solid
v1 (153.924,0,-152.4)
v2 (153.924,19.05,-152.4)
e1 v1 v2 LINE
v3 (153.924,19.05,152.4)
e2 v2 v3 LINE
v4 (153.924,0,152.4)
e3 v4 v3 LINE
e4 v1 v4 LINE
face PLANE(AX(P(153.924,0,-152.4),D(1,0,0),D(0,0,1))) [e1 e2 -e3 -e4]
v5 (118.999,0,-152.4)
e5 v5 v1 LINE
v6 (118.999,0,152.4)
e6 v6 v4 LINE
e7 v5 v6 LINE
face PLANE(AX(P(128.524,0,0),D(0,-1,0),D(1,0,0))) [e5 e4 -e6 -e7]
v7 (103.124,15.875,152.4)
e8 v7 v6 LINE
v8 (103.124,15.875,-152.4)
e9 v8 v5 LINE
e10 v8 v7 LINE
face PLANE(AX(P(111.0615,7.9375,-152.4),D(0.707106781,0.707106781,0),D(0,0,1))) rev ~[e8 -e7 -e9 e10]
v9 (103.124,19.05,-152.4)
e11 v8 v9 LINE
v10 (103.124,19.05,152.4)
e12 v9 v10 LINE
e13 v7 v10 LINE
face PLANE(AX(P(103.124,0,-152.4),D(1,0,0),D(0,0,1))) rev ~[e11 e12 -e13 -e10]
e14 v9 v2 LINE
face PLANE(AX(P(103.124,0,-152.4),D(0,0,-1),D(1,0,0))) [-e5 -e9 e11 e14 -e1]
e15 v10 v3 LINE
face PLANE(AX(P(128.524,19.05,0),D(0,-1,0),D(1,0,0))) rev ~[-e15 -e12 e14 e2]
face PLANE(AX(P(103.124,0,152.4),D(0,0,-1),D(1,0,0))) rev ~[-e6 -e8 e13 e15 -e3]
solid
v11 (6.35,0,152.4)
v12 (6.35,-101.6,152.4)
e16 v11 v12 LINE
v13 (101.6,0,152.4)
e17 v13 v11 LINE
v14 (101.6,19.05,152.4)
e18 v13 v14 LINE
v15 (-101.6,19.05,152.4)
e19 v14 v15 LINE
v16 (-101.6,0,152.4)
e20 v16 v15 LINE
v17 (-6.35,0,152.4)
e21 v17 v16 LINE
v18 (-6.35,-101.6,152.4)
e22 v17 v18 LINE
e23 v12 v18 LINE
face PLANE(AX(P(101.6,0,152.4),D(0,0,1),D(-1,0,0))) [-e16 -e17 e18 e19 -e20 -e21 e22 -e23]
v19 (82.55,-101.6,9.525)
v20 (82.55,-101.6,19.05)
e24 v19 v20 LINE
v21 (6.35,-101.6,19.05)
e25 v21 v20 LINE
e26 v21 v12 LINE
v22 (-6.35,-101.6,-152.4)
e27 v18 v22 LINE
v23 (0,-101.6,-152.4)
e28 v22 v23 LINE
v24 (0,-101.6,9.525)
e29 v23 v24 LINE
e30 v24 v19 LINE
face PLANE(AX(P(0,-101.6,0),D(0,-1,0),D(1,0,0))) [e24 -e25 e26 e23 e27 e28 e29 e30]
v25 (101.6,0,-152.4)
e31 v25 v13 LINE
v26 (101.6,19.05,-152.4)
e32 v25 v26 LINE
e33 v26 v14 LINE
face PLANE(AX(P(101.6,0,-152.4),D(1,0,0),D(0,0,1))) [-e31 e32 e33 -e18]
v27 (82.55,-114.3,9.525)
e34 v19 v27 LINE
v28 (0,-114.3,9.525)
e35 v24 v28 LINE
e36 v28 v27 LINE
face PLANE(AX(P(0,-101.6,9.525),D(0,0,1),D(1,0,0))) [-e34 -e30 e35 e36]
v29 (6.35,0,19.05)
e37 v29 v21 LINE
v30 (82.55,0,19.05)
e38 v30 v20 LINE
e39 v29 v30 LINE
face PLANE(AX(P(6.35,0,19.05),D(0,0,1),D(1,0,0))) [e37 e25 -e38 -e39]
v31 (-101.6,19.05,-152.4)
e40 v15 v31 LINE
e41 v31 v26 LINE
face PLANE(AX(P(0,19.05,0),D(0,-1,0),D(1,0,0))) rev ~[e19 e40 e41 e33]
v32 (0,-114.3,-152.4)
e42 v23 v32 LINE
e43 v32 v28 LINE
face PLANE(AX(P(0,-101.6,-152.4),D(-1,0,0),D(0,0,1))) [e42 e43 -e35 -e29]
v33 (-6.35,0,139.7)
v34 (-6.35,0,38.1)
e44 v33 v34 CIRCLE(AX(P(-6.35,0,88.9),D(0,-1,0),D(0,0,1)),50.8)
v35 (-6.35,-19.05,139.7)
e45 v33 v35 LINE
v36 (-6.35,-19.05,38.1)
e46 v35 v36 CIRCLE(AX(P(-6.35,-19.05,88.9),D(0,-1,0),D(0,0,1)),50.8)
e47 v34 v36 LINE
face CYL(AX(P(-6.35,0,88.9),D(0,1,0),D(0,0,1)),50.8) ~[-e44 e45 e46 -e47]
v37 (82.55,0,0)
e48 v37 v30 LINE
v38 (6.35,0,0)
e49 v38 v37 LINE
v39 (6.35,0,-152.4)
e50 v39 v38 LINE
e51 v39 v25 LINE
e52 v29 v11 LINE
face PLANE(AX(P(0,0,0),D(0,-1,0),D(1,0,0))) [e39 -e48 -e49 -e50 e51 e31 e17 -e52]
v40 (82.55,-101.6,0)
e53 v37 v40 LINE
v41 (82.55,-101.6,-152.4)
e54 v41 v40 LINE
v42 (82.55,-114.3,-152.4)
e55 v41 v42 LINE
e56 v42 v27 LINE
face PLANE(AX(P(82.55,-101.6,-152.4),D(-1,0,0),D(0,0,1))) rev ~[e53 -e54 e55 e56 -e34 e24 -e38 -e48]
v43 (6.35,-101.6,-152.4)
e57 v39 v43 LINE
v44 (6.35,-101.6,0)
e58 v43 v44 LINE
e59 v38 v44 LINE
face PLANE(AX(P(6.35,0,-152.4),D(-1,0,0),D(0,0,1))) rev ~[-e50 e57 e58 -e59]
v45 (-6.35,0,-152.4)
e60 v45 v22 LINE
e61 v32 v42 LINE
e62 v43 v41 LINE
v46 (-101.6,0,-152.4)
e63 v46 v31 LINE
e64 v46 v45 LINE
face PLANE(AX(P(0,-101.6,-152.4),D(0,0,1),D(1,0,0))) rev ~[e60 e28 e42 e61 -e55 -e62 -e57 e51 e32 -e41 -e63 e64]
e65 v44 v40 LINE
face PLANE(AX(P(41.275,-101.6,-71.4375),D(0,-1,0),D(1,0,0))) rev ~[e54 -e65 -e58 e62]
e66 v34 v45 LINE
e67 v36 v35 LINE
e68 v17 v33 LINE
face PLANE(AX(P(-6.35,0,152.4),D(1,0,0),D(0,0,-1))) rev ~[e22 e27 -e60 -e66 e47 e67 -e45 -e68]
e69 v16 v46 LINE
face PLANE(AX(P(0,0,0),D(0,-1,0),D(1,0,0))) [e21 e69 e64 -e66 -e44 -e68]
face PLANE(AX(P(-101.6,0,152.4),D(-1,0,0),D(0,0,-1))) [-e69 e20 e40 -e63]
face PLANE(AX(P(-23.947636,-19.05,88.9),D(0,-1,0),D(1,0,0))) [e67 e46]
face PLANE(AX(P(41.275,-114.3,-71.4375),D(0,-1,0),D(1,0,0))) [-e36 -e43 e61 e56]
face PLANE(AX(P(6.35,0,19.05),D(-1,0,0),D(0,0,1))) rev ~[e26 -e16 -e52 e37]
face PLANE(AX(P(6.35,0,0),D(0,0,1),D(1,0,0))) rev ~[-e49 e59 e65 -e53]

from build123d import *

# Parameters (mm, degrees)
F0_W     = 50.8
F0_H     = 304.8
F1_DEPTH = 19.05
F2_SIZE  = 15.875
F3_W     = 76.2
F3_H     = 19.05
F4_DEPTH = 101.6
F6_DEPTH = 19.05
F7_W     = 82.55
F7_H     = 161.925
F8_DEPTH = 12.7


with BuildPart() as f1:
    # F0 (on Front) → F1 (new body)
    with BuildSketch(Plane.XZ):
        with Locations((128.524, 0)):
            Rectangle(F0_W, F0_H)
    extrude(amount=-F1_DEPTH)

    # F2
    f2_edges = [f1.edges().sort_by_distance(p)[0] for p in [
        (103.124, 0, 0),
    ]]
    chamfer(f2_edges, length=F2_SIZE)


with BuildPart() as f1b:
    # F0 (on Front) → F1, piece 2 (new body)
    with BuildSketch(Plane.XZ):
        Polygon((6.35, -152.4), (101.6, -152.4), (101.6, 152.4), (-101.6, 152.4), (-101.6, -152.4), (-6.35, -152.4), align=None)
    extrude(amount=-F1_DEPTH)

    # F3 (on face) → F4 (join)
    with BuildSketch(Plane.XZ):
        Polygon((6.35, 152.4), (-6.35, 152.4), (-6.35, -152.4), (6.35, -152.4), (6.35, 0), (6.35, 19.05), align=None)
        with Locations((44.45, 9.525)):
            Rectangle(F3_W, F3_H)
    extrude(amount=F4_DEPTH)

    # F5 (on face) → F6 (join)
    with BuildSketch(Plane.XZ):
        with BuildLine():
            Line((-6.35, 38.1), (-6.35, 139.7))
            ThreePointArc((-6.35, 139.7), (-57.15, 88.9), (-6.35, 38.1))
        make_face()
    extrude(amount=F6_DEPTH)

    # F7 (on face) → F8 (join)
    with BuildSketch(Plane.XZ.offset(101.6)):
        with Locations((41.275, -71.4375)):
            Rectangle(F7_W, F7_H)
    extrude(amount=F8_DEPTH)


solid = Compound([f1.part, f1b.part])
